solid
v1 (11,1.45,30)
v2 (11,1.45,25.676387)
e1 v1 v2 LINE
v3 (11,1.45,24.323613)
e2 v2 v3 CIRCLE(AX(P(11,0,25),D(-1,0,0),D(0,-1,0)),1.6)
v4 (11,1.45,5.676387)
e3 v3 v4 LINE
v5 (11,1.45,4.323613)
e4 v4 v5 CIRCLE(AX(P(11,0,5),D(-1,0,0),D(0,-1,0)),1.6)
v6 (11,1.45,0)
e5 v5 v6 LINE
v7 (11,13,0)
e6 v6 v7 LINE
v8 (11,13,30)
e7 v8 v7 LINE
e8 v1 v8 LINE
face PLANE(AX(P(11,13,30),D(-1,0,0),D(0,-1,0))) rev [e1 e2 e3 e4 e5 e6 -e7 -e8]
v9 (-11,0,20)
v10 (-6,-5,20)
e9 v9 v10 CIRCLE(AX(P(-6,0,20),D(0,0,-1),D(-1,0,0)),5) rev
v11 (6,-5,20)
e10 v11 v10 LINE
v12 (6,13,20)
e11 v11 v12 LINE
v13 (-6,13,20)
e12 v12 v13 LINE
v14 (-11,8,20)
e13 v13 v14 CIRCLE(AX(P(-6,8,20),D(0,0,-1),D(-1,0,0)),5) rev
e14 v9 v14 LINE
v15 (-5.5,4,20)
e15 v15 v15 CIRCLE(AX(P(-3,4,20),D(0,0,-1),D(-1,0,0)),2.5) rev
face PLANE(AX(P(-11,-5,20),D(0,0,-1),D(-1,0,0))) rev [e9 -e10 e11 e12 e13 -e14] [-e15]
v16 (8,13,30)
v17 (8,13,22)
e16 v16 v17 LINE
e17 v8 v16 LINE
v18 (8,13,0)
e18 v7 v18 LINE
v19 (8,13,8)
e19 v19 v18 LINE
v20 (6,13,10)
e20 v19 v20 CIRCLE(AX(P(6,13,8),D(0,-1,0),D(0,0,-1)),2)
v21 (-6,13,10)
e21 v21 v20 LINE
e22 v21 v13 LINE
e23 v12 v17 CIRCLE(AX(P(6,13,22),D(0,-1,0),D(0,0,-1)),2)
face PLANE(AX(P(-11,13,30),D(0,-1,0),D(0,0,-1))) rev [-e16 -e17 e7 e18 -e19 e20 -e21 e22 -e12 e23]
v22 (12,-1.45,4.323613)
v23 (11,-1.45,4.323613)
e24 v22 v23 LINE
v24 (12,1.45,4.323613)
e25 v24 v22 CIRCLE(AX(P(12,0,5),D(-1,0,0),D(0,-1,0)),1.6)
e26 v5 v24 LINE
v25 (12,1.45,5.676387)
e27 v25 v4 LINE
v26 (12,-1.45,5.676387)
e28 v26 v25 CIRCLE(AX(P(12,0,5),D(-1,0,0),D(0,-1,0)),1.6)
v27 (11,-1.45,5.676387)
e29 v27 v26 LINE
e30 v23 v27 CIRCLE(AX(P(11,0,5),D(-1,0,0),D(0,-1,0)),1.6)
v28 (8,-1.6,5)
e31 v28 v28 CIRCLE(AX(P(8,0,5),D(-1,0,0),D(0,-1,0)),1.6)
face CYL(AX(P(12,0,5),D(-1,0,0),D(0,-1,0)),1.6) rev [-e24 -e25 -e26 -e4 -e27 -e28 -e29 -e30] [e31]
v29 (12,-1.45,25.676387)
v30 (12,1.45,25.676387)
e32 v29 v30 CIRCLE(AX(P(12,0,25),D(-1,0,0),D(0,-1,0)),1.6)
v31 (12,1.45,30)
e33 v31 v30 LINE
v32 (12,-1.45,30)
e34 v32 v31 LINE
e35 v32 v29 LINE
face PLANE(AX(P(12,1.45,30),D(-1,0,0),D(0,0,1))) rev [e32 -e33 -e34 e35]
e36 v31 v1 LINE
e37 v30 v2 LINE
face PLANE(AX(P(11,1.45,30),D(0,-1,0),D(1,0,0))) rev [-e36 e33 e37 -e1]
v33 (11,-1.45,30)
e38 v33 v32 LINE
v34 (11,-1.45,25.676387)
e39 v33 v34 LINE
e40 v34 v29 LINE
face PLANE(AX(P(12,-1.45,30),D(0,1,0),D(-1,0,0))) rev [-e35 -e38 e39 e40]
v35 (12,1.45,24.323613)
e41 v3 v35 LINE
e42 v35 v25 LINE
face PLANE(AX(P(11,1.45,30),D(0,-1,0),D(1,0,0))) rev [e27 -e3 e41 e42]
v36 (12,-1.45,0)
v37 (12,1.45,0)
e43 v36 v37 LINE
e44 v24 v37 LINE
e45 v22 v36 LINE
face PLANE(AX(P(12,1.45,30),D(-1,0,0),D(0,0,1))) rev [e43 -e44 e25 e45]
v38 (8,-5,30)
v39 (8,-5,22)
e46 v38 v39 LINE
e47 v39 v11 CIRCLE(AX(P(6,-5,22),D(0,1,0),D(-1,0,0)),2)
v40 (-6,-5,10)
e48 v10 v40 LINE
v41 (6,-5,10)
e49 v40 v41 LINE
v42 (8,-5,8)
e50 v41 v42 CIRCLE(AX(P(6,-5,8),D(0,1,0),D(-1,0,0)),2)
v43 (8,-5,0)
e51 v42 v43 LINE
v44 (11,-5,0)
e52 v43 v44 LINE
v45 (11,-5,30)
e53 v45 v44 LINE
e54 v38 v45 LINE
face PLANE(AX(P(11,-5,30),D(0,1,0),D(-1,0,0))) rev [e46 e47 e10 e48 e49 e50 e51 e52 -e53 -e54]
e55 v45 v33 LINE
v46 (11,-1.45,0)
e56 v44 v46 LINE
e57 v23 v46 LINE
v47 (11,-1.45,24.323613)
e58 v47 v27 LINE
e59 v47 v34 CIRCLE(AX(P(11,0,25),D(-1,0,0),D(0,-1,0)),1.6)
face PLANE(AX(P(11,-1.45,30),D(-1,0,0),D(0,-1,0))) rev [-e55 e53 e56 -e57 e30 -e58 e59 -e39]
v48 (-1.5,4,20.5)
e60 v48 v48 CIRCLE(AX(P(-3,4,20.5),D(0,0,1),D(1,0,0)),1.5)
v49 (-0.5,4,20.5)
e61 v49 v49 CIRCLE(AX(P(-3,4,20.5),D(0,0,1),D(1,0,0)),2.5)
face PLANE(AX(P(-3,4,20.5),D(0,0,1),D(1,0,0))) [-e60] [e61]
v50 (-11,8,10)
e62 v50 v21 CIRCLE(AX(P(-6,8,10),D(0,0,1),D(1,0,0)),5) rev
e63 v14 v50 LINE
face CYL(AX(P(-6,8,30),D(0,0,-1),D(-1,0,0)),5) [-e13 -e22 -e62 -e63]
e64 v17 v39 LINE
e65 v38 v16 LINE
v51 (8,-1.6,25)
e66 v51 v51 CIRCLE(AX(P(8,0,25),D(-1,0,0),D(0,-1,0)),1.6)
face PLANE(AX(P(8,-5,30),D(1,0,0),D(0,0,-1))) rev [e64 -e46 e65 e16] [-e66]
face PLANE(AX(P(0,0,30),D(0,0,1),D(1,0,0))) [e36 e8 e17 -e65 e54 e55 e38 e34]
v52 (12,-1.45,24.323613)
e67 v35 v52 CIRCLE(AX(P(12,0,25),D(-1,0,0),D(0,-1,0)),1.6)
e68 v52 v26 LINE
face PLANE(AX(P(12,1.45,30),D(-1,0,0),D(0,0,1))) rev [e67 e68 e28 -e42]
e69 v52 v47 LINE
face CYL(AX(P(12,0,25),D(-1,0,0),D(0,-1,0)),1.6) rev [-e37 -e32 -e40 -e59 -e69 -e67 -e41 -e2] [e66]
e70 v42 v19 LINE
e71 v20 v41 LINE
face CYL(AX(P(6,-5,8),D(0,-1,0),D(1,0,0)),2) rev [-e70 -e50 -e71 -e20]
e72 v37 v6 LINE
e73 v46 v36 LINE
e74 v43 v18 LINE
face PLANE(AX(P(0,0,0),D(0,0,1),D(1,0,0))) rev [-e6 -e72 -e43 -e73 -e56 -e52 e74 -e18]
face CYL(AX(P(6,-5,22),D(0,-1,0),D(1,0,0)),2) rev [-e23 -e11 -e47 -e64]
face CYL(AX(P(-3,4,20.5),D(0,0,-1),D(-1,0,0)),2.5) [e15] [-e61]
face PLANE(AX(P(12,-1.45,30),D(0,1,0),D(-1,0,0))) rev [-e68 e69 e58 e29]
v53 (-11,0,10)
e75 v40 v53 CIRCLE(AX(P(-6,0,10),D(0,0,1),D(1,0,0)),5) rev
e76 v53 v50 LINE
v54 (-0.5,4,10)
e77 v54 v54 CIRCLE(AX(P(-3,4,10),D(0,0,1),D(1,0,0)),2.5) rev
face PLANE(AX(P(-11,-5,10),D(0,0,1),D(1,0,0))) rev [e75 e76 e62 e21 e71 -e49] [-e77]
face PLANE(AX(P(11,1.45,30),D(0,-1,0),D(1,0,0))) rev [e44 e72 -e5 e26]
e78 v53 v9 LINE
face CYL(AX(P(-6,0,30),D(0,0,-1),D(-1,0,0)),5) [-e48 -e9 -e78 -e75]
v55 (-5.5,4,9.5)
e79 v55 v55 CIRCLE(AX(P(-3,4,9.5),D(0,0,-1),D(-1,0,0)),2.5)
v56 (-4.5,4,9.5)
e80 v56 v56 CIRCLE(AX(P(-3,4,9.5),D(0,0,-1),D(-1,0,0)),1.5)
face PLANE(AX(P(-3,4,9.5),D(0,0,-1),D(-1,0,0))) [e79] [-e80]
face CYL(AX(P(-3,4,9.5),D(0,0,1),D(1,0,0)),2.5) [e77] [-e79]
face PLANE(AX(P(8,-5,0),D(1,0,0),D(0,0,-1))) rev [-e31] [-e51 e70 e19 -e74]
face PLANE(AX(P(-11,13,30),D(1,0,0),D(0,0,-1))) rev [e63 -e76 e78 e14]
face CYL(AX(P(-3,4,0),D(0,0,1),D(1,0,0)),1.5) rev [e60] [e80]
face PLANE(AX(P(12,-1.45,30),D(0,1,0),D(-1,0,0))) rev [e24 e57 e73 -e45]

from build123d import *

# Parameters (mm, degrees)
MAIN_EXTRUSION_DEPTH            = 30
ESQUISSE2_W                     = 19
ESQUISSE2_H                     = 10
EXTERNAL_HOLE_DEPTH             = 37.986484018
ESQUISSE3_R                     = 1.6
MAKERBEAMFIXINGHOLE_DEPTH       = 38.815340802
ESQUISSE4_R                     = 1.5
HOLELINKWITHCODERSSUPPORT_DEPTH = 27.702059846
CONG_2_R                        = 2
CONG_3_R                        = 5
ESQUISSE6_R                     = 2.5
ESQUISSE6_R_2                   = 1.5
BOSS_EXTRU_1_DEPTH              = 0.5
ESQUISSE7_R                     = 2.5
ESQUISSE7_R_2                   = 1.5
BOSS_EXTRU_2_DEPTH              = 0.5


with BuildPart() as part:
    # Esquisse1 → Main Extrusion (new body)
    with BuildSketch(Plane.XY):
        Polygon((-11, 13), (-11, -5), (11, -5), (11, -1.45), (12, -1.45), (12, 1.45), (11, 1.45), (11, 13), align=None)
    extrude(amount=MAIN_EXTRUSION_DEPTH)

    # Esquisse2 → External Hole (cut, through all)
    with BuildSketch(Plane(origin=(0, 13, 0), x_dir=(1, 0, 0), z_dir=(0, 1, 0))):
        with Locations((-1.5, -5)):
            Rectangle(ESQUISSE2_W, ESQUISSE2_H)
        with Locations((-1.5, -25)):
            Rectangle(ESQUISSE2_W, ESQUISSE2_H)
    extrude(amount=-EXTERNAL_HOLE_DEPTH, mode=Mode.SUBTRACT)

    # Esquisse3 → MakerBeamFixingHole (cut, through all)
    with BuildSketch(Plane.ZY.offset(-8)):
        with Locations(Location((5, 0, 0), (0, 0, 270))):
            Circle(ESQUISSE3_R)
        with Locations(Location((25, 0, 0), (0, 0, 270))):
            Circle(ESQUISSE3_R)
    extrude(amount=-MAKERBEAMFIXINGHOLE_DEPTH, mode=Mode.SUBTRACT)

    # Esquisse4 → HoleLinkWithCodersSupport (cut, through all)
    with BuildSketch(Plane.XY.offset(20)):
        with Locations((-3, 4)):
            Circle(ESQUISSE4_R)
    extrude(amount=-HOLELINKWITHCODERSSUPPORT_DEPTH, mode=Mode.SUBTRACT)

    # Congé2
    cong_2_edges = [part.edges().sort_by_distance(p)[0] for p in [
        (8, 4, 10),
        (8, 4, 20),
    ]]
    fillet(cong_2_edges, radius=CONG_2_R)

    # Congé3
    cong_3_edges = [part.edges().sort_by_distance(p)[0] for p in [
        (-11, 13, 15),
        (-11, -5, 15),
    ]]
    fillet(cong_3_edges, radius=CONG_3_R)

    # Esquisse6 → Boss.-Extru.1 (add)
    with BuildSketch(Plane(origin=(0, 0, 10), x_dir=(-1, 0, 0), z_dir=(0, 0, -1))):
        with Locations(Location((3, 4, 0), (0, 0, 180))):
            Circle(ESQUISSE6_R)
        with Locations(Location((3, 4, 0), (0, 0, 180))):
            Circle(ESQUISSE6_R_2, mode=Mode.SUBTRACT)
    extrude(amount=BOSS_EXTRU_1_DEPTH)

    # Esquisse7 → Boss.-Extru.2 (add)
    with BuildSketch(Plane.XY.offset(20)):
        with Locations((-3, 4)):
            Circle(ESQUISSE7_R)
        with Locations((-3, 4)):
            Circle(ESQUISSE7_R_2, mode=Mode.SUBTRACT)
    extrude(amount=BOSS_EXTRU_2_DEPTH)


solid = part.part
